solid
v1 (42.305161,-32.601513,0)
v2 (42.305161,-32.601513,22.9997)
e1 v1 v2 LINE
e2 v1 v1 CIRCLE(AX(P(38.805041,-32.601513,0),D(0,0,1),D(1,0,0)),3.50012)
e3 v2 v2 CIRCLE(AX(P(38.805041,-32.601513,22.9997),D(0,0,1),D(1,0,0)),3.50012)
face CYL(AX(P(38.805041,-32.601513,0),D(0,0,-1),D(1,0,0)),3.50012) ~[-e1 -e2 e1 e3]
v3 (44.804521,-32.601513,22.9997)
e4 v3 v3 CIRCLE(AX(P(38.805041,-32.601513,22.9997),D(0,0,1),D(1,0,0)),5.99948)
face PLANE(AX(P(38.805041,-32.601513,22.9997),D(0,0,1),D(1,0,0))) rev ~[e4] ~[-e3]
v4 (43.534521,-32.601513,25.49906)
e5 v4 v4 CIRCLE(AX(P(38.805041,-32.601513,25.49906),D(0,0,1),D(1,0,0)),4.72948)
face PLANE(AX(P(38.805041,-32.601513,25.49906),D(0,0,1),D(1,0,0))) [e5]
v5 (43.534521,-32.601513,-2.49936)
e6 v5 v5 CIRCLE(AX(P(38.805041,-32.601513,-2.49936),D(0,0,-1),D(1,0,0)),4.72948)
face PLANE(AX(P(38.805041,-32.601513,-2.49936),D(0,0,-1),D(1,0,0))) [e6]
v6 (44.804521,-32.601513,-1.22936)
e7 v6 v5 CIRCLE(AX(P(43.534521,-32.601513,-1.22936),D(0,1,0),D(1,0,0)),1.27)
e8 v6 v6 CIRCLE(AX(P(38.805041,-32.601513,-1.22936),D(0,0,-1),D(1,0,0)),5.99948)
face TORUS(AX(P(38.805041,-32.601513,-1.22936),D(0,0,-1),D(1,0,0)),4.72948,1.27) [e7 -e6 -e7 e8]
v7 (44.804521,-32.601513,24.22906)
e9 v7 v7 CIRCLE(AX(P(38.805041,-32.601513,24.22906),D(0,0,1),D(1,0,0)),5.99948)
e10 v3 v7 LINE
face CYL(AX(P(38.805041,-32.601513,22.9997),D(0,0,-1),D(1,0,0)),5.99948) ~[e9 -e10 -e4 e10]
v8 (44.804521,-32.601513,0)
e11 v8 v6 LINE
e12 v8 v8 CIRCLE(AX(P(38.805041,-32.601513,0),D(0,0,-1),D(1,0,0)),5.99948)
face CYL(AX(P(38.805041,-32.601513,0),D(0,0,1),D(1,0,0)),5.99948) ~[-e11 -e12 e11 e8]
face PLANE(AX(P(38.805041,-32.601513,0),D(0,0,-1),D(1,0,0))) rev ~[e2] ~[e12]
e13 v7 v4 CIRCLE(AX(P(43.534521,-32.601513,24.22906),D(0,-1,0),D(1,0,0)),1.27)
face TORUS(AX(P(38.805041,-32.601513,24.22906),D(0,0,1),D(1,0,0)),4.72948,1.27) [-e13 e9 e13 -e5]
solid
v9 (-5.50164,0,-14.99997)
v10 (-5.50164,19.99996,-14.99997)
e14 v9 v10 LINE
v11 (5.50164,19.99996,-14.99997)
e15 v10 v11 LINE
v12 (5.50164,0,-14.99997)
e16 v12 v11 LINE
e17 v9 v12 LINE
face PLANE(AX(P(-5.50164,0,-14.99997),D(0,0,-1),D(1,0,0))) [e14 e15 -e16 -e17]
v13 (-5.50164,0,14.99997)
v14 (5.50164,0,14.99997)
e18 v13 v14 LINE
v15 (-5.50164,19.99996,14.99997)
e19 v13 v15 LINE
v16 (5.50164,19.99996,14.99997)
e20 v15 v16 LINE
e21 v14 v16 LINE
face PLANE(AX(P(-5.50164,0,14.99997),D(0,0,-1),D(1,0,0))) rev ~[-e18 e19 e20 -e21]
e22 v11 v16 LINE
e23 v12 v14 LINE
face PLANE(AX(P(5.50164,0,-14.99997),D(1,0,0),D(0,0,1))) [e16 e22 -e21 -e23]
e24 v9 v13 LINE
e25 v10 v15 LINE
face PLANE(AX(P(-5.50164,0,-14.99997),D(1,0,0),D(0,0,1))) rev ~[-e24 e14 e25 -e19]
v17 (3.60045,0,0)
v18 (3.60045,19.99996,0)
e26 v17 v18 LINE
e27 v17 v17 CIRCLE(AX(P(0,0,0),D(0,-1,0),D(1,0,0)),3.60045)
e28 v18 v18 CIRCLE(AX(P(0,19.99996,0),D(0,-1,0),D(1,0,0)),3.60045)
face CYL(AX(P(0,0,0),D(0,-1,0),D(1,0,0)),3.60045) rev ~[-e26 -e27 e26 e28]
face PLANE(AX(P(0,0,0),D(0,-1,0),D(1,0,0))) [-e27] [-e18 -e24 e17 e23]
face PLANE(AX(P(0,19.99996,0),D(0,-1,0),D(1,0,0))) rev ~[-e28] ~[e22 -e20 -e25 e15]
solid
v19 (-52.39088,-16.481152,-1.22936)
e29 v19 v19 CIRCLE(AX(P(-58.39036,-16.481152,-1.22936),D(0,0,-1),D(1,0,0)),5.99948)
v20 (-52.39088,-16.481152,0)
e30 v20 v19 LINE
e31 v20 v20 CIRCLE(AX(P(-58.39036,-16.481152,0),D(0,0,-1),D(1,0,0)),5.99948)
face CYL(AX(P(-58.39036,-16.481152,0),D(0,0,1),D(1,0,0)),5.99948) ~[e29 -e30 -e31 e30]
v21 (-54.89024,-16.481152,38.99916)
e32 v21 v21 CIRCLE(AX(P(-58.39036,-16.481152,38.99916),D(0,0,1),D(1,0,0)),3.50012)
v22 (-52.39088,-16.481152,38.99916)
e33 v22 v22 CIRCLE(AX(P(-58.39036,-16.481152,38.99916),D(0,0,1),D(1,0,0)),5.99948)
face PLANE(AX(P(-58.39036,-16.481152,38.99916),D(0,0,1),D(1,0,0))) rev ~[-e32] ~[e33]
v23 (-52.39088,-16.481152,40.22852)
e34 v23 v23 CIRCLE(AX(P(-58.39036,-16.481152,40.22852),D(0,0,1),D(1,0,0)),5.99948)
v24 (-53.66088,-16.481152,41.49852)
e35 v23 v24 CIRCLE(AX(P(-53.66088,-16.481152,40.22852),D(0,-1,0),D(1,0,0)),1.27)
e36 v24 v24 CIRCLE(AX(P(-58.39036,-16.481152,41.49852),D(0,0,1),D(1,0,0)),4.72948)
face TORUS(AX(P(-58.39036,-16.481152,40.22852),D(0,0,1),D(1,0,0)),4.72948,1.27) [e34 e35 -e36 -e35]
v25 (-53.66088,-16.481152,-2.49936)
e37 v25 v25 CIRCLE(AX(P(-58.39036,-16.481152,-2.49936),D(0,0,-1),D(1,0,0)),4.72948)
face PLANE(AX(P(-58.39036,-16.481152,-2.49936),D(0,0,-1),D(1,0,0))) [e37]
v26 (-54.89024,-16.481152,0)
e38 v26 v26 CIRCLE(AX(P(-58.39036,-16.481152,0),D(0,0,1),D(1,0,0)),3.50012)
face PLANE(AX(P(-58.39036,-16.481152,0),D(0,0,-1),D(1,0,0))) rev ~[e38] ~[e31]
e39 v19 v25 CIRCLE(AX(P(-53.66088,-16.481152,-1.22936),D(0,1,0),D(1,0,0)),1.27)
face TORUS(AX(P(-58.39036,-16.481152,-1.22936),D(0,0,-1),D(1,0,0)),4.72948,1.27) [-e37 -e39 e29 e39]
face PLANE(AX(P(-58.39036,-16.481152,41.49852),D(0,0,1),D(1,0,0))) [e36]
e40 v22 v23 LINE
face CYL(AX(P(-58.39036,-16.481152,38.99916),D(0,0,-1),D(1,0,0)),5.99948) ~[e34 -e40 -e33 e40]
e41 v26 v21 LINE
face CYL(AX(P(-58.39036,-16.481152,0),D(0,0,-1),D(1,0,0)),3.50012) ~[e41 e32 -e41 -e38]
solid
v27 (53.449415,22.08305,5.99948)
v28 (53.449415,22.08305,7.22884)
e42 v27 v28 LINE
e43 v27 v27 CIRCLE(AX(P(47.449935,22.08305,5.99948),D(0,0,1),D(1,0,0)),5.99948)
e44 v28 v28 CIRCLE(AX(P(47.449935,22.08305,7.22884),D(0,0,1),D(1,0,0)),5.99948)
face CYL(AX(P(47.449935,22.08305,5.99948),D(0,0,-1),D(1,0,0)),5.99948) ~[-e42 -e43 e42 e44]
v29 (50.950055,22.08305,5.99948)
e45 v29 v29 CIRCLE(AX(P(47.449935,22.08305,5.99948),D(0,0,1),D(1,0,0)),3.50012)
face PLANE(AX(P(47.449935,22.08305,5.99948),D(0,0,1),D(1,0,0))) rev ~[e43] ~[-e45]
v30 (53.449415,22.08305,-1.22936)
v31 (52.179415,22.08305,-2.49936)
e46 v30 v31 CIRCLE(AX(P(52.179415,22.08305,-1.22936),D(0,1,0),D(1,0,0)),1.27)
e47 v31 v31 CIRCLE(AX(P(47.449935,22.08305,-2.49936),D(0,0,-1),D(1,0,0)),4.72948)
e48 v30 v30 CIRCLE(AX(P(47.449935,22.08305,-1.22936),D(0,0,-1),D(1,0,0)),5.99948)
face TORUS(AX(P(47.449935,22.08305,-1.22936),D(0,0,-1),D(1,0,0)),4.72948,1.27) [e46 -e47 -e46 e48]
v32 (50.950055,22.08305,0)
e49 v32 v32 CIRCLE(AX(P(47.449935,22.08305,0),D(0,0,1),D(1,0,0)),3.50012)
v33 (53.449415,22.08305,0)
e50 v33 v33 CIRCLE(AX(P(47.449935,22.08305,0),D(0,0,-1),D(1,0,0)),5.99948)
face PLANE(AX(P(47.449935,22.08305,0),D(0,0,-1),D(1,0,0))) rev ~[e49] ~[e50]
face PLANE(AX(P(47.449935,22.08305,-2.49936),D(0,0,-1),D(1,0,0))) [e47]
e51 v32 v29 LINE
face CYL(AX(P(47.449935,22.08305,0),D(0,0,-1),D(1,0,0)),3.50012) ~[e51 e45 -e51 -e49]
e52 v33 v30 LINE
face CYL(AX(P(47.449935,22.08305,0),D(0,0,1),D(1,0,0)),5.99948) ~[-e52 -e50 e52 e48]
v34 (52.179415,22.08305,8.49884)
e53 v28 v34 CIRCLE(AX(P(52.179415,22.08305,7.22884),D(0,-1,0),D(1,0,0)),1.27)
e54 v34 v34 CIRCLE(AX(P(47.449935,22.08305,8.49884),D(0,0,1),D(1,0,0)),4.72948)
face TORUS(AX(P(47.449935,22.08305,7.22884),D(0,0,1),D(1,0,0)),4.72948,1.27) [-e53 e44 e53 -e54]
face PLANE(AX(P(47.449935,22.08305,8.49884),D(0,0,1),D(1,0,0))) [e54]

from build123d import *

# Parameters (mm, degrees)
F0_W      = 11.00328
F0_H      = 29.99994
F1_DEPTH  = 19.99996
F2_R      = 3.60045
F3_DEPTH  = 25.4
F4_R      = 3.50012
F5_DEPTH  = 38.99916
F6_R      = 5.99948
F7_DEPTH  = 2.49936
F8_R      = 5.99948
F9_DEPTH  = 2.49936
F10_R     = 1.27
F11_R     = 3.50012
F12_DEPTH = 22.9997
F13_R     = 5.99948
F14_DEPTH = 2.49936
F15_R     = 5.99948
F16_DEPTH = 2.49936
F17_R     = 1.27
F18_R     = 3.50012
F19_DEPTH = 5.99948
F20_R     = 5.99948
F21_DEPTH = 2.49936
F22_R     = 5.99948
F23_DEPTH = 2.49936
F24_R     = 1.27


with BuildPart() as f1:
    # F0 (on Front) → F1 (new body)
    with BuildSketch(Plane.XZ):
        Rectangle(F0_W, F0_H)
    extrude(amount=-F1_DEPTH)

    # F2 (on face) → F3 (cut)
    with BuildSketch(Plane.XZ):
        Circle(F2_R)
    extrude(amount=-F3_DEPTH, mode=Mode.SUBTRACT)


with BuildPart() as f5:
    # F4 (on Top) → F5 (new body)
    with BuildSketch(Plane.XY):
        with Locations((-58.39036, -16.481152)):
            Circle(F4_R)
    extrude(amount=F5_DEPTH)

    # F6 (on face) → F7 (join)
    with BuildSketch(Plane.XY.offset(38.99916)):
        with Locations((-58.39036, -16.481152)):
            Circle(F6_R)
    extrude(amount=F7_DEPTH)

    # F8 (on face) → F9 (join)
    with BuildSketch(Plane(origin=(0, 0, 0), x_dir=(1, 0, 0), z_dir=(0, 0, -1))):
        with Locations((-58.39036, 16.481152)):
            Circle(F8_R)
    extrude(amount=F9_DEPTH)

    # F10
    f10_edges = [f5.edges().sort_by_distance(p)[0] for p in [
        (-64.38984, -16.481152, -2.49936),
        (-64.38984, -16.481152, 41.49852),
    ]]
    fillet(f10_edges, radius=F10_R)


with BuildPart() as f12:
    # F11 (on Top) → F12 (new body)
    with BuildSketch(Plane.XY):
        with Locations((38.805041, -32.601513)):
            Circle(F11_R)
    extrude(amount=F12_DEPTH)

    # F13 (on face) → F14 (join)
    with BuildSketch(Plane.XY.offset(22.9997)):
        with Locations((38.805041, -32.601513)):
            Circle(F13_R)
    extrude(amount=F14_DEPTH)

    # F15 (on face) → F16 (join)
    with BuildSketch(Plane(origin=(0, 0, 0), x_dir=(1, 0, 0), z_dir=(0, 0, -1))):
        with Locations((38.805041, 32.601513)):
            Circle(F15_R)
    extrude(amount=F16_DEPTH)

    # F17
    f17_edges = [f12.edges().sort_by_distance(p)[0] for p in [
        (32.805561, -32.601513, -2.49936),
        (32.805561, -32.601513, 25.49906),
    ]]
    fillet(f17_edges, radius=F17_R)


with BuildPart() as f19:
    # F18 (on Top) → F19 (new body)
    with BuildSketch(Plane.XY):
        with Locations((47.449935, 22.08305)):
            Circle(F18_R)
    extrude(amount=F19_DEPTH)

    # F20 (on face) → F21 (join)
    with BuildSketch(Plane(origin=(0, 0, 0), x_dir=(1, 0, 0), z_dir=(0, 0, -1))):
        with Locations((47.449935, -22.08305)):
            Circle(F20_R)
    extrude(amount=F21_DEPTH)

    # F22 (on face) → F23 (join)
    with BuildSketch(Plane.XY.offset(5.99948)):
        with Locations((47.449935, 22.08305)):
            Circle(F22_R)
    extrude(amount=F23_DEPTH)

    # F24
    f24_edges = [f19.edges().sort_by_distance(p)[0] for p in [
        (41.450455, 22.08305, 8.49884),
        (41.450455, 22.08305, -2.49936),
    ]]
    fillet(f24_edges, radius=F24_R)


solid = Compound([f1.part, f5.part, f12.part, f19.part])
